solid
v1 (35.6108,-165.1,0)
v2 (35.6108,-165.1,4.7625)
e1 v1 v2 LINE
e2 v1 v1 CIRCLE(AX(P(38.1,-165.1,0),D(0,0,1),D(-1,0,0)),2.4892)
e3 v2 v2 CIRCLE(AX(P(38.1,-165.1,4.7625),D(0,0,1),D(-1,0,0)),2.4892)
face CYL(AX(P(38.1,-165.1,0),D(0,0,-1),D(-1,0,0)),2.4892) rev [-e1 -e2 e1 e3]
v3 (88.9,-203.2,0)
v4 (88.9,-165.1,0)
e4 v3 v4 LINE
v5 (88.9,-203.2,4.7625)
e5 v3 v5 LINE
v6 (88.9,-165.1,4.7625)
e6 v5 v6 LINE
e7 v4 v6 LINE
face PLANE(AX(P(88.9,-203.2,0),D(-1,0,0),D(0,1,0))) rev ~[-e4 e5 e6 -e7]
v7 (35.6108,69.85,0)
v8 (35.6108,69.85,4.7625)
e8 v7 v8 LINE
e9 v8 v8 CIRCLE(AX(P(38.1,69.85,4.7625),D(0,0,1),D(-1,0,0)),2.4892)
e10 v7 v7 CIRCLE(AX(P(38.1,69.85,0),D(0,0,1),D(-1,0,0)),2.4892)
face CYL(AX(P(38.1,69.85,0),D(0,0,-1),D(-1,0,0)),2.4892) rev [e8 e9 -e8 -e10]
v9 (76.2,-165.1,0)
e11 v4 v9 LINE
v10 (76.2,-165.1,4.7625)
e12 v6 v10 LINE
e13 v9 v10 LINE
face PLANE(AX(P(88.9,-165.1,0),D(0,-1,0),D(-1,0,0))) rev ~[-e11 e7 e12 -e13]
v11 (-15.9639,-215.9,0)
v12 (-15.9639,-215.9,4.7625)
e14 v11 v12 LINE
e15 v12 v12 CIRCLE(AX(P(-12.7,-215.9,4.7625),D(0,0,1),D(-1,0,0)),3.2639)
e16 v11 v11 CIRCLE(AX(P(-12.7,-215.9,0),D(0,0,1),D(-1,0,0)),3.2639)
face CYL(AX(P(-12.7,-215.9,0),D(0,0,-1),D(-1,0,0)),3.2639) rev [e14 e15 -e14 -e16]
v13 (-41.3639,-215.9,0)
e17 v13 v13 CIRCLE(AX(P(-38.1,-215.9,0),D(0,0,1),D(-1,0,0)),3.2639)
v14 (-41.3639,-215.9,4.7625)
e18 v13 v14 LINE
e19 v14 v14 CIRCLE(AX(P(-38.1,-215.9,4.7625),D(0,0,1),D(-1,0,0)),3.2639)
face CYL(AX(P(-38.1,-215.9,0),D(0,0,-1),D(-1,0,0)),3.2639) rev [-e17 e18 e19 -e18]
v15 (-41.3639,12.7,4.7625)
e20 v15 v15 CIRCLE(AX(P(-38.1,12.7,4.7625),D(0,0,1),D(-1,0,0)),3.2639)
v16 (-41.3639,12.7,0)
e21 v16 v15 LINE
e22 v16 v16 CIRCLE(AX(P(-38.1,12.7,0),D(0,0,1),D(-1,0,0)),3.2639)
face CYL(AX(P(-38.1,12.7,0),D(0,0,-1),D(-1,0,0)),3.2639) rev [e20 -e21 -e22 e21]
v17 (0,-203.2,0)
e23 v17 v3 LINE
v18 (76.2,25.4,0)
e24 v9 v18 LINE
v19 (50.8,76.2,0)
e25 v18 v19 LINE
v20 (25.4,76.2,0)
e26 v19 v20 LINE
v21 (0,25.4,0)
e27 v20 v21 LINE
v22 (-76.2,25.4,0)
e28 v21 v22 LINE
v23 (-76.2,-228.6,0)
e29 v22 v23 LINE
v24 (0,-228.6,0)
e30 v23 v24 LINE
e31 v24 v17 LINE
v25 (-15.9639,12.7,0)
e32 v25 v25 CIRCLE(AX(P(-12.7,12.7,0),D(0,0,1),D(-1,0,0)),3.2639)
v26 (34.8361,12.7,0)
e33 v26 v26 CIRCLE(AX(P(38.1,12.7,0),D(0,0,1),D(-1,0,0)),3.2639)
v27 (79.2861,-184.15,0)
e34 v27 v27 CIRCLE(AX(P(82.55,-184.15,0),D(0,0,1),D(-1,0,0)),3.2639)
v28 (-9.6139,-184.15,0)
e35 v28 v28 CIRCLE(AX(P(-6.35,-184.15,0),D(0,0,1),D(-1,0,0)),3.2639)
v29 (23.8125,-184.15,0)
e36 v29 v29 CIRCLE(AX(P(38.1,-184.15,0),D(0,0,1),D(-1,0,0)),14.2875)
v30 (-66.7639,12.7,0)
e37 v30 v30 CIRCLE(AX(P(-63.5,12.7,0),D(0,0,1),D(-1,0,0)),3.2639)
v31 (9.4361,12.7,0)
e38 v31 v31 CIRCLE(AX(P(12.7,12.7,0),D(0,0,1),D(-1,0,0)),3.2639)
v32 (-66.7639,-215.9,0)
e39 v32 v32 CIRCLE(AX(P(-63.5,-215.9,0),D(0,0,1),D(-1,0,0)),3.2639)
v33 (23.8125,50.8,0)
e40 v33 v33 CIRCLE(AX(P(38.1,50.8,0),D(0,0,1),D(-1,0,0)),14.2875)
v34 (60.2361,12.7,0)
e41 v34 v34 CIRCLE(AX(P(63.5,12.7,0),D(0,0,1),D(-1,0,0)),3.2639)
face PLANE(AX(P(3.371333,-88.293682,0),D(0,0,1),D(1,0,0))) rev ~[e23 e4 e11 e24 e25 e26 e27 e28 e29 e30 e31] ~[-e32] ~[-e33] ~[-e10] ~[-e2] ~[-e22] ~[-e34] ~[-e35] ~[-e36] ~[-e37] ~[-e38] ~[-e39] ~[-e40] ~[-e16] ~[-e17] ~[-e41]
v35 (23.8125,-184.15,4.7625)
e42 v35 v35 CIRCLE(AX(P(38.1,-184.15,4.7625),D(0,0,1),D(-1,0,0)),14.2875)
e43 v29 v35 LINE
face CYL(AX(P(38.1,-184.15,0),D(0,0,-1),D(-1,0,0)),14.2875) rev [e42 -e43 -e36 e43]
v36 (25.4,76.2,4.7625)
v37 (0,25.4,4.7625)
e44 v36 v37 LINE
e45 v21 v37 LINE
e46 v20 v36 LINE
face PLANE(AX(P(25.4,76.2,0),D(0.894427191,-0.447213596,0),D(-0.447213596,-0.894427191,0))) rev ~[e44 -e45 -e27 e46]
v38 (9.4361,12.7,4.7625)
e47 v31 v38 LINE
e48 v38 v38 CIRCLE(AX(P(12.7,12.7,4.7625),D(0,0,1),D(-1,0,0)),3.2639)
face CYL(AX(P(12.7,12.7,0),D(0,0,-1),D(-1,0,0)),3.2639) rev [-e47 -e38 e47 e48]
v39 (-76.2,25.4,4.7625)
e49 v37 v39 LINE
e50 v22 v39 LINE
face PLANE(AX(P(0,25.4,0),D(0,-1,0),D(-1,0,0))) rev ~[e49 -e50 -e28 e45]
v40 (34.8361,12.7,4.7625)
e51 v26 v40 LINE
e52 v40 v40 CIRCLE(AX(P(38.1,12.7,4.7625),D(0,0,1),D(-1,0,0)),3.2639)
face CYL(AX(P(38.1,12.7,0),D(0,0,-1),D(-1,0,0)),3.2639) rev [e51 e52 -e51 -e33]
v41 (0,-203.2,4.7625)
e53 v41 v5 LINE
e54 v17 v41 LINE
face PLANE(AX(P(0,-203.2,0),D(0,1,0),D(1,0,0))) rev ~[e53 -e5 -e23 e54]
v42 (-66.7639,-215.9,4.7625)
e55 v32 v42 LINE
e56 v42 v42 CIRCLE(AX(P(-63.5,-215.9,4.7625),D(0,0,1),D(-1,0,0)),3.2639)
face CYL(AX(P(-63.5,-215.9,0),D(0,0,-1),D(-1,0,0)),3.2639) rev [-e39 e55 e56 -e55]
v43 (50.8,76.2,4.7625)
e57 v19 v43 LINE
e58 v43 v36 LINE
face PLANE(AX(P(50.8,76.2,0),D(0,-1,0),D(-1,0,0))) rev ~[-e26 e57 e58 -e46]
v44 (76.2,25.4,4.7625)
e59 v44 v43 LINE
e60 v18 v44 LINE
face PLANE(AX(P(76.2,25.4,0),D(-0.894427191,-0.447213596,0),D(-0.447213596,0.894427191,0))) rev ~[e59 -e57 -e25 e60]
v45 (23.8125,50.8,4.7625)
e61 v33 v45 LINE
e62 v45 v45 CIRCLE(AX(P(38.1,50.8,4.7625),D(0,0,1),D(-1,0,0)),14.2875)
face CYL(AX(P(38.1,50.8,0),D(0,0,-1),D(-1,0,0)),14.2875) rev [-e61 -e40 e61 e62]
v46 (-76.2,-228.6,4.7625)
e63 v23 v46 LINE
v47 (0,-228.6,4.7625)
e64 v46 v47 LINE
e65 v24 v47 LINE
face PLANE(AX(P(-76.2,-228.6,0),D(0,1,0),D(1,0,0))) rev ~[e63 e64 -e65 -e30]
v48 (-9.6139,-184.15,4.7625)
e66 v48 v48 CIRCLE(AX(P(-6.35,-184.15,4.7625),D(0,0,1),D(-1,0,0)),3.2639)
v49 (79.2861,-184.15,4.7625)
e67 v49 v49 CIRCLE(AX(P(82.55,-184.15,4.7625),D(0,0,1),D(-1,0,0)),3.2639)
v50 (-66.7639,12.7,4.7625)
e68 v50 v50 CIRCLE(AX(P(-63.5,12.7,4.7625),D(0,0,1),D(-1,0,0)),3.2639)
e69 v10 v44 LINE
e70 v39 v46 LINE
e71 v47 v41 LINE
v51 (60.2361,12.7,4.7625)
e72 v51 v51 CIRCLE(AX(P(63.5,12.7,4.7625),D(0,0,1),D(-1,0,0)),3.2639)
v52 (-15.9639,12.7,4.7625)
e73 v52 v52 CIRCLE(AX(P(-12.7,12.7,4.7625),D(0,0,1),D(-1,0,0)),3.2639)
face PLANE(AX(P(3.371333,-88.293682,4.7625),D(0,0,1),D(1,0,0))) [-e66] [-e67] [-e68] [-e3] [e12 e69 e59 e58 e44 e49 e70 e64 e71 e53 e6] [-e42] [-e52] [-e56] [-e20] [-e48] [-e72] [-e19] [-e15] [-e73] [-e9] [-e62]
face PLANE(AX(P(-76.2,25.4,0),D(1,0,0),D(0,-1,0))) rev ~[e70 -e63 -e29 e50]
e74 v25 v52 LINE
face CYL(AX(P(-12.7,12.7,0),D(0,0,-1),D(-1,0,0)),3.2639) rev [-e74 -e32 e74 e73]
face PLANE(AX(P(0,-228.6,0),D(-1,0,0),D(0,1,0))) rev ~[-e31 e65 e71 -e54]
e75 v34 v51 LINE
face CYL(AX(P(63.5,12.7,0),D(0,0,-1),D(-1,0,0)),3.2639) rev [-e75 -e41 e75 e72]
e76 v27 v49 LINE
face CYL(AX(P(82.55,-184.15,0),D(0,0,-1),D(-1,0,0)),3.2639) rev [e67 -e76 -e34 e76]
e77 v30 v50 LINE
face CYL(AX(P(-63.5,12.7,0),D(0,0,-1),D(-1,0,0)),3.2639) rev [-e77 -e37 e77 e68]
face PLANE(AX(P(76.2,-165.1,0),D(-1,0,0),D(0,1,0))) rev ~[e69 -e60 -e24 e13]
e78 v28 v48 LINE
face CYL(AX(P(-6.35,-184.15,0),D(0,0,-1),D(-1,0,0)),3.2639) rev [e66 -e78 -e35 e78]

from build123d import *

# Parameters (mm, degrees)
SKETCH1_R           = 3.2639
SKETCH1_R_2         = 14.2875
SKETCH1_R_3         = 2.4892
BOSS_EXTRUDE1_DEPTH = 4.7625


with BuildPart() as part:
    # Sketch1 → Boss-Extrude1 (new body)
    with BuildSketch(Plane.XY):
        Polygon((76.2, 0), (76.2, 25.4), (50.8, 76.2), (25.4, 76.2), (0, 25.4), (-76.2, 25.4), (-76.2, 0), (-76.2, -215.9), (-76.2, -228.6), (0, -228.6), (0, -203.2), (38.1, -203.2), (88.9, -203.2), (88.9, -165.1), (76.2, -165.1), align=None)
        with Locations(Location((-38.1, 12.7, 0), (0, 0, 180))):
            Circle(SKETCH1_R, mode=Mode.SUBTRACT)
        with Locations(Location((-12.7, 12.7, 0), (0, 0, 180))):
            Circle(SKETCH1_R, mode=Mode.SUBTRACT)
        with Locations(Location((-63.5, 12.7, 0), (0, 0, 180))):
            Circle(SKETCH1_R, mode=Mode.SUBTRACT)
        with Locations(Location((12.7, 12.7, 0), (0, 0, 180))):
            Circle(SKETCH1_R, mode=Mode.SUBTRACT)
        with Locations(Location((38.1, 12.7, 0), (0, 0, 180))):
            Circle(SKETCH1_R, mode=Mode.SUBTRACT)
        with Locations(Location((38.1, 50.8, 0), (0, 0, 180))):
            Circle(SKETCH1_R_2, mode=Mode.SUBTRACT)
        with Locations(Location((63.5, 12.7, 0), (0, 0, 180))):
            Circle(SKETCH1_R, mode=Mode.SUBTRACT)
        with Locations(Location((38.1, -184.15, 0), (0, 0, 180))):
            Circle(SKETCH1_R_2, mode=Mode.SUBTRACT)
        with Locations(Location((38.1, -165.1, 0), (0, 0, 180))):
            Circle(SKETCH1_R_3, mode=Mode.SUBTRACT)
        with Locations(Location((-12.7, -215.9, 0), (0, 0, 180))):
            Circle(SKETCH1_R, mode=Mode.SUBTRACT)
        with Locations(Location((-38.1, -215.9, 0), (0, 0, 180))):
            Circle(SKETCH1_R, mode=Mode.SUBTRACT)
        with Locations(Location((-63.5, -215.9, 0), (0, 0, 180))):
            Circle(SKETCH1_R, mode=Mode.SUBTRACT)
        with Locations(Location((38.1, 69.85, 0), (0, 0, 180))):
            Circle(SKETCH1_R_3, mode=Mode.SUBTRACT)
        with Locations(Location((82.55, -184.15, 0), (0, 0, 180))):
            Circle(SKETCH1_R, mode=Mode.SUBTRACT)
        with Locations(Location((-6.35, -184.15, 0), (0, 0, 180))):
            Circle(SKETCH1_R, mode=Mode.SUBTRACT)
    extrude(amount=BOSS_EXTRUDE1_DEPTH)


solid = part.part
